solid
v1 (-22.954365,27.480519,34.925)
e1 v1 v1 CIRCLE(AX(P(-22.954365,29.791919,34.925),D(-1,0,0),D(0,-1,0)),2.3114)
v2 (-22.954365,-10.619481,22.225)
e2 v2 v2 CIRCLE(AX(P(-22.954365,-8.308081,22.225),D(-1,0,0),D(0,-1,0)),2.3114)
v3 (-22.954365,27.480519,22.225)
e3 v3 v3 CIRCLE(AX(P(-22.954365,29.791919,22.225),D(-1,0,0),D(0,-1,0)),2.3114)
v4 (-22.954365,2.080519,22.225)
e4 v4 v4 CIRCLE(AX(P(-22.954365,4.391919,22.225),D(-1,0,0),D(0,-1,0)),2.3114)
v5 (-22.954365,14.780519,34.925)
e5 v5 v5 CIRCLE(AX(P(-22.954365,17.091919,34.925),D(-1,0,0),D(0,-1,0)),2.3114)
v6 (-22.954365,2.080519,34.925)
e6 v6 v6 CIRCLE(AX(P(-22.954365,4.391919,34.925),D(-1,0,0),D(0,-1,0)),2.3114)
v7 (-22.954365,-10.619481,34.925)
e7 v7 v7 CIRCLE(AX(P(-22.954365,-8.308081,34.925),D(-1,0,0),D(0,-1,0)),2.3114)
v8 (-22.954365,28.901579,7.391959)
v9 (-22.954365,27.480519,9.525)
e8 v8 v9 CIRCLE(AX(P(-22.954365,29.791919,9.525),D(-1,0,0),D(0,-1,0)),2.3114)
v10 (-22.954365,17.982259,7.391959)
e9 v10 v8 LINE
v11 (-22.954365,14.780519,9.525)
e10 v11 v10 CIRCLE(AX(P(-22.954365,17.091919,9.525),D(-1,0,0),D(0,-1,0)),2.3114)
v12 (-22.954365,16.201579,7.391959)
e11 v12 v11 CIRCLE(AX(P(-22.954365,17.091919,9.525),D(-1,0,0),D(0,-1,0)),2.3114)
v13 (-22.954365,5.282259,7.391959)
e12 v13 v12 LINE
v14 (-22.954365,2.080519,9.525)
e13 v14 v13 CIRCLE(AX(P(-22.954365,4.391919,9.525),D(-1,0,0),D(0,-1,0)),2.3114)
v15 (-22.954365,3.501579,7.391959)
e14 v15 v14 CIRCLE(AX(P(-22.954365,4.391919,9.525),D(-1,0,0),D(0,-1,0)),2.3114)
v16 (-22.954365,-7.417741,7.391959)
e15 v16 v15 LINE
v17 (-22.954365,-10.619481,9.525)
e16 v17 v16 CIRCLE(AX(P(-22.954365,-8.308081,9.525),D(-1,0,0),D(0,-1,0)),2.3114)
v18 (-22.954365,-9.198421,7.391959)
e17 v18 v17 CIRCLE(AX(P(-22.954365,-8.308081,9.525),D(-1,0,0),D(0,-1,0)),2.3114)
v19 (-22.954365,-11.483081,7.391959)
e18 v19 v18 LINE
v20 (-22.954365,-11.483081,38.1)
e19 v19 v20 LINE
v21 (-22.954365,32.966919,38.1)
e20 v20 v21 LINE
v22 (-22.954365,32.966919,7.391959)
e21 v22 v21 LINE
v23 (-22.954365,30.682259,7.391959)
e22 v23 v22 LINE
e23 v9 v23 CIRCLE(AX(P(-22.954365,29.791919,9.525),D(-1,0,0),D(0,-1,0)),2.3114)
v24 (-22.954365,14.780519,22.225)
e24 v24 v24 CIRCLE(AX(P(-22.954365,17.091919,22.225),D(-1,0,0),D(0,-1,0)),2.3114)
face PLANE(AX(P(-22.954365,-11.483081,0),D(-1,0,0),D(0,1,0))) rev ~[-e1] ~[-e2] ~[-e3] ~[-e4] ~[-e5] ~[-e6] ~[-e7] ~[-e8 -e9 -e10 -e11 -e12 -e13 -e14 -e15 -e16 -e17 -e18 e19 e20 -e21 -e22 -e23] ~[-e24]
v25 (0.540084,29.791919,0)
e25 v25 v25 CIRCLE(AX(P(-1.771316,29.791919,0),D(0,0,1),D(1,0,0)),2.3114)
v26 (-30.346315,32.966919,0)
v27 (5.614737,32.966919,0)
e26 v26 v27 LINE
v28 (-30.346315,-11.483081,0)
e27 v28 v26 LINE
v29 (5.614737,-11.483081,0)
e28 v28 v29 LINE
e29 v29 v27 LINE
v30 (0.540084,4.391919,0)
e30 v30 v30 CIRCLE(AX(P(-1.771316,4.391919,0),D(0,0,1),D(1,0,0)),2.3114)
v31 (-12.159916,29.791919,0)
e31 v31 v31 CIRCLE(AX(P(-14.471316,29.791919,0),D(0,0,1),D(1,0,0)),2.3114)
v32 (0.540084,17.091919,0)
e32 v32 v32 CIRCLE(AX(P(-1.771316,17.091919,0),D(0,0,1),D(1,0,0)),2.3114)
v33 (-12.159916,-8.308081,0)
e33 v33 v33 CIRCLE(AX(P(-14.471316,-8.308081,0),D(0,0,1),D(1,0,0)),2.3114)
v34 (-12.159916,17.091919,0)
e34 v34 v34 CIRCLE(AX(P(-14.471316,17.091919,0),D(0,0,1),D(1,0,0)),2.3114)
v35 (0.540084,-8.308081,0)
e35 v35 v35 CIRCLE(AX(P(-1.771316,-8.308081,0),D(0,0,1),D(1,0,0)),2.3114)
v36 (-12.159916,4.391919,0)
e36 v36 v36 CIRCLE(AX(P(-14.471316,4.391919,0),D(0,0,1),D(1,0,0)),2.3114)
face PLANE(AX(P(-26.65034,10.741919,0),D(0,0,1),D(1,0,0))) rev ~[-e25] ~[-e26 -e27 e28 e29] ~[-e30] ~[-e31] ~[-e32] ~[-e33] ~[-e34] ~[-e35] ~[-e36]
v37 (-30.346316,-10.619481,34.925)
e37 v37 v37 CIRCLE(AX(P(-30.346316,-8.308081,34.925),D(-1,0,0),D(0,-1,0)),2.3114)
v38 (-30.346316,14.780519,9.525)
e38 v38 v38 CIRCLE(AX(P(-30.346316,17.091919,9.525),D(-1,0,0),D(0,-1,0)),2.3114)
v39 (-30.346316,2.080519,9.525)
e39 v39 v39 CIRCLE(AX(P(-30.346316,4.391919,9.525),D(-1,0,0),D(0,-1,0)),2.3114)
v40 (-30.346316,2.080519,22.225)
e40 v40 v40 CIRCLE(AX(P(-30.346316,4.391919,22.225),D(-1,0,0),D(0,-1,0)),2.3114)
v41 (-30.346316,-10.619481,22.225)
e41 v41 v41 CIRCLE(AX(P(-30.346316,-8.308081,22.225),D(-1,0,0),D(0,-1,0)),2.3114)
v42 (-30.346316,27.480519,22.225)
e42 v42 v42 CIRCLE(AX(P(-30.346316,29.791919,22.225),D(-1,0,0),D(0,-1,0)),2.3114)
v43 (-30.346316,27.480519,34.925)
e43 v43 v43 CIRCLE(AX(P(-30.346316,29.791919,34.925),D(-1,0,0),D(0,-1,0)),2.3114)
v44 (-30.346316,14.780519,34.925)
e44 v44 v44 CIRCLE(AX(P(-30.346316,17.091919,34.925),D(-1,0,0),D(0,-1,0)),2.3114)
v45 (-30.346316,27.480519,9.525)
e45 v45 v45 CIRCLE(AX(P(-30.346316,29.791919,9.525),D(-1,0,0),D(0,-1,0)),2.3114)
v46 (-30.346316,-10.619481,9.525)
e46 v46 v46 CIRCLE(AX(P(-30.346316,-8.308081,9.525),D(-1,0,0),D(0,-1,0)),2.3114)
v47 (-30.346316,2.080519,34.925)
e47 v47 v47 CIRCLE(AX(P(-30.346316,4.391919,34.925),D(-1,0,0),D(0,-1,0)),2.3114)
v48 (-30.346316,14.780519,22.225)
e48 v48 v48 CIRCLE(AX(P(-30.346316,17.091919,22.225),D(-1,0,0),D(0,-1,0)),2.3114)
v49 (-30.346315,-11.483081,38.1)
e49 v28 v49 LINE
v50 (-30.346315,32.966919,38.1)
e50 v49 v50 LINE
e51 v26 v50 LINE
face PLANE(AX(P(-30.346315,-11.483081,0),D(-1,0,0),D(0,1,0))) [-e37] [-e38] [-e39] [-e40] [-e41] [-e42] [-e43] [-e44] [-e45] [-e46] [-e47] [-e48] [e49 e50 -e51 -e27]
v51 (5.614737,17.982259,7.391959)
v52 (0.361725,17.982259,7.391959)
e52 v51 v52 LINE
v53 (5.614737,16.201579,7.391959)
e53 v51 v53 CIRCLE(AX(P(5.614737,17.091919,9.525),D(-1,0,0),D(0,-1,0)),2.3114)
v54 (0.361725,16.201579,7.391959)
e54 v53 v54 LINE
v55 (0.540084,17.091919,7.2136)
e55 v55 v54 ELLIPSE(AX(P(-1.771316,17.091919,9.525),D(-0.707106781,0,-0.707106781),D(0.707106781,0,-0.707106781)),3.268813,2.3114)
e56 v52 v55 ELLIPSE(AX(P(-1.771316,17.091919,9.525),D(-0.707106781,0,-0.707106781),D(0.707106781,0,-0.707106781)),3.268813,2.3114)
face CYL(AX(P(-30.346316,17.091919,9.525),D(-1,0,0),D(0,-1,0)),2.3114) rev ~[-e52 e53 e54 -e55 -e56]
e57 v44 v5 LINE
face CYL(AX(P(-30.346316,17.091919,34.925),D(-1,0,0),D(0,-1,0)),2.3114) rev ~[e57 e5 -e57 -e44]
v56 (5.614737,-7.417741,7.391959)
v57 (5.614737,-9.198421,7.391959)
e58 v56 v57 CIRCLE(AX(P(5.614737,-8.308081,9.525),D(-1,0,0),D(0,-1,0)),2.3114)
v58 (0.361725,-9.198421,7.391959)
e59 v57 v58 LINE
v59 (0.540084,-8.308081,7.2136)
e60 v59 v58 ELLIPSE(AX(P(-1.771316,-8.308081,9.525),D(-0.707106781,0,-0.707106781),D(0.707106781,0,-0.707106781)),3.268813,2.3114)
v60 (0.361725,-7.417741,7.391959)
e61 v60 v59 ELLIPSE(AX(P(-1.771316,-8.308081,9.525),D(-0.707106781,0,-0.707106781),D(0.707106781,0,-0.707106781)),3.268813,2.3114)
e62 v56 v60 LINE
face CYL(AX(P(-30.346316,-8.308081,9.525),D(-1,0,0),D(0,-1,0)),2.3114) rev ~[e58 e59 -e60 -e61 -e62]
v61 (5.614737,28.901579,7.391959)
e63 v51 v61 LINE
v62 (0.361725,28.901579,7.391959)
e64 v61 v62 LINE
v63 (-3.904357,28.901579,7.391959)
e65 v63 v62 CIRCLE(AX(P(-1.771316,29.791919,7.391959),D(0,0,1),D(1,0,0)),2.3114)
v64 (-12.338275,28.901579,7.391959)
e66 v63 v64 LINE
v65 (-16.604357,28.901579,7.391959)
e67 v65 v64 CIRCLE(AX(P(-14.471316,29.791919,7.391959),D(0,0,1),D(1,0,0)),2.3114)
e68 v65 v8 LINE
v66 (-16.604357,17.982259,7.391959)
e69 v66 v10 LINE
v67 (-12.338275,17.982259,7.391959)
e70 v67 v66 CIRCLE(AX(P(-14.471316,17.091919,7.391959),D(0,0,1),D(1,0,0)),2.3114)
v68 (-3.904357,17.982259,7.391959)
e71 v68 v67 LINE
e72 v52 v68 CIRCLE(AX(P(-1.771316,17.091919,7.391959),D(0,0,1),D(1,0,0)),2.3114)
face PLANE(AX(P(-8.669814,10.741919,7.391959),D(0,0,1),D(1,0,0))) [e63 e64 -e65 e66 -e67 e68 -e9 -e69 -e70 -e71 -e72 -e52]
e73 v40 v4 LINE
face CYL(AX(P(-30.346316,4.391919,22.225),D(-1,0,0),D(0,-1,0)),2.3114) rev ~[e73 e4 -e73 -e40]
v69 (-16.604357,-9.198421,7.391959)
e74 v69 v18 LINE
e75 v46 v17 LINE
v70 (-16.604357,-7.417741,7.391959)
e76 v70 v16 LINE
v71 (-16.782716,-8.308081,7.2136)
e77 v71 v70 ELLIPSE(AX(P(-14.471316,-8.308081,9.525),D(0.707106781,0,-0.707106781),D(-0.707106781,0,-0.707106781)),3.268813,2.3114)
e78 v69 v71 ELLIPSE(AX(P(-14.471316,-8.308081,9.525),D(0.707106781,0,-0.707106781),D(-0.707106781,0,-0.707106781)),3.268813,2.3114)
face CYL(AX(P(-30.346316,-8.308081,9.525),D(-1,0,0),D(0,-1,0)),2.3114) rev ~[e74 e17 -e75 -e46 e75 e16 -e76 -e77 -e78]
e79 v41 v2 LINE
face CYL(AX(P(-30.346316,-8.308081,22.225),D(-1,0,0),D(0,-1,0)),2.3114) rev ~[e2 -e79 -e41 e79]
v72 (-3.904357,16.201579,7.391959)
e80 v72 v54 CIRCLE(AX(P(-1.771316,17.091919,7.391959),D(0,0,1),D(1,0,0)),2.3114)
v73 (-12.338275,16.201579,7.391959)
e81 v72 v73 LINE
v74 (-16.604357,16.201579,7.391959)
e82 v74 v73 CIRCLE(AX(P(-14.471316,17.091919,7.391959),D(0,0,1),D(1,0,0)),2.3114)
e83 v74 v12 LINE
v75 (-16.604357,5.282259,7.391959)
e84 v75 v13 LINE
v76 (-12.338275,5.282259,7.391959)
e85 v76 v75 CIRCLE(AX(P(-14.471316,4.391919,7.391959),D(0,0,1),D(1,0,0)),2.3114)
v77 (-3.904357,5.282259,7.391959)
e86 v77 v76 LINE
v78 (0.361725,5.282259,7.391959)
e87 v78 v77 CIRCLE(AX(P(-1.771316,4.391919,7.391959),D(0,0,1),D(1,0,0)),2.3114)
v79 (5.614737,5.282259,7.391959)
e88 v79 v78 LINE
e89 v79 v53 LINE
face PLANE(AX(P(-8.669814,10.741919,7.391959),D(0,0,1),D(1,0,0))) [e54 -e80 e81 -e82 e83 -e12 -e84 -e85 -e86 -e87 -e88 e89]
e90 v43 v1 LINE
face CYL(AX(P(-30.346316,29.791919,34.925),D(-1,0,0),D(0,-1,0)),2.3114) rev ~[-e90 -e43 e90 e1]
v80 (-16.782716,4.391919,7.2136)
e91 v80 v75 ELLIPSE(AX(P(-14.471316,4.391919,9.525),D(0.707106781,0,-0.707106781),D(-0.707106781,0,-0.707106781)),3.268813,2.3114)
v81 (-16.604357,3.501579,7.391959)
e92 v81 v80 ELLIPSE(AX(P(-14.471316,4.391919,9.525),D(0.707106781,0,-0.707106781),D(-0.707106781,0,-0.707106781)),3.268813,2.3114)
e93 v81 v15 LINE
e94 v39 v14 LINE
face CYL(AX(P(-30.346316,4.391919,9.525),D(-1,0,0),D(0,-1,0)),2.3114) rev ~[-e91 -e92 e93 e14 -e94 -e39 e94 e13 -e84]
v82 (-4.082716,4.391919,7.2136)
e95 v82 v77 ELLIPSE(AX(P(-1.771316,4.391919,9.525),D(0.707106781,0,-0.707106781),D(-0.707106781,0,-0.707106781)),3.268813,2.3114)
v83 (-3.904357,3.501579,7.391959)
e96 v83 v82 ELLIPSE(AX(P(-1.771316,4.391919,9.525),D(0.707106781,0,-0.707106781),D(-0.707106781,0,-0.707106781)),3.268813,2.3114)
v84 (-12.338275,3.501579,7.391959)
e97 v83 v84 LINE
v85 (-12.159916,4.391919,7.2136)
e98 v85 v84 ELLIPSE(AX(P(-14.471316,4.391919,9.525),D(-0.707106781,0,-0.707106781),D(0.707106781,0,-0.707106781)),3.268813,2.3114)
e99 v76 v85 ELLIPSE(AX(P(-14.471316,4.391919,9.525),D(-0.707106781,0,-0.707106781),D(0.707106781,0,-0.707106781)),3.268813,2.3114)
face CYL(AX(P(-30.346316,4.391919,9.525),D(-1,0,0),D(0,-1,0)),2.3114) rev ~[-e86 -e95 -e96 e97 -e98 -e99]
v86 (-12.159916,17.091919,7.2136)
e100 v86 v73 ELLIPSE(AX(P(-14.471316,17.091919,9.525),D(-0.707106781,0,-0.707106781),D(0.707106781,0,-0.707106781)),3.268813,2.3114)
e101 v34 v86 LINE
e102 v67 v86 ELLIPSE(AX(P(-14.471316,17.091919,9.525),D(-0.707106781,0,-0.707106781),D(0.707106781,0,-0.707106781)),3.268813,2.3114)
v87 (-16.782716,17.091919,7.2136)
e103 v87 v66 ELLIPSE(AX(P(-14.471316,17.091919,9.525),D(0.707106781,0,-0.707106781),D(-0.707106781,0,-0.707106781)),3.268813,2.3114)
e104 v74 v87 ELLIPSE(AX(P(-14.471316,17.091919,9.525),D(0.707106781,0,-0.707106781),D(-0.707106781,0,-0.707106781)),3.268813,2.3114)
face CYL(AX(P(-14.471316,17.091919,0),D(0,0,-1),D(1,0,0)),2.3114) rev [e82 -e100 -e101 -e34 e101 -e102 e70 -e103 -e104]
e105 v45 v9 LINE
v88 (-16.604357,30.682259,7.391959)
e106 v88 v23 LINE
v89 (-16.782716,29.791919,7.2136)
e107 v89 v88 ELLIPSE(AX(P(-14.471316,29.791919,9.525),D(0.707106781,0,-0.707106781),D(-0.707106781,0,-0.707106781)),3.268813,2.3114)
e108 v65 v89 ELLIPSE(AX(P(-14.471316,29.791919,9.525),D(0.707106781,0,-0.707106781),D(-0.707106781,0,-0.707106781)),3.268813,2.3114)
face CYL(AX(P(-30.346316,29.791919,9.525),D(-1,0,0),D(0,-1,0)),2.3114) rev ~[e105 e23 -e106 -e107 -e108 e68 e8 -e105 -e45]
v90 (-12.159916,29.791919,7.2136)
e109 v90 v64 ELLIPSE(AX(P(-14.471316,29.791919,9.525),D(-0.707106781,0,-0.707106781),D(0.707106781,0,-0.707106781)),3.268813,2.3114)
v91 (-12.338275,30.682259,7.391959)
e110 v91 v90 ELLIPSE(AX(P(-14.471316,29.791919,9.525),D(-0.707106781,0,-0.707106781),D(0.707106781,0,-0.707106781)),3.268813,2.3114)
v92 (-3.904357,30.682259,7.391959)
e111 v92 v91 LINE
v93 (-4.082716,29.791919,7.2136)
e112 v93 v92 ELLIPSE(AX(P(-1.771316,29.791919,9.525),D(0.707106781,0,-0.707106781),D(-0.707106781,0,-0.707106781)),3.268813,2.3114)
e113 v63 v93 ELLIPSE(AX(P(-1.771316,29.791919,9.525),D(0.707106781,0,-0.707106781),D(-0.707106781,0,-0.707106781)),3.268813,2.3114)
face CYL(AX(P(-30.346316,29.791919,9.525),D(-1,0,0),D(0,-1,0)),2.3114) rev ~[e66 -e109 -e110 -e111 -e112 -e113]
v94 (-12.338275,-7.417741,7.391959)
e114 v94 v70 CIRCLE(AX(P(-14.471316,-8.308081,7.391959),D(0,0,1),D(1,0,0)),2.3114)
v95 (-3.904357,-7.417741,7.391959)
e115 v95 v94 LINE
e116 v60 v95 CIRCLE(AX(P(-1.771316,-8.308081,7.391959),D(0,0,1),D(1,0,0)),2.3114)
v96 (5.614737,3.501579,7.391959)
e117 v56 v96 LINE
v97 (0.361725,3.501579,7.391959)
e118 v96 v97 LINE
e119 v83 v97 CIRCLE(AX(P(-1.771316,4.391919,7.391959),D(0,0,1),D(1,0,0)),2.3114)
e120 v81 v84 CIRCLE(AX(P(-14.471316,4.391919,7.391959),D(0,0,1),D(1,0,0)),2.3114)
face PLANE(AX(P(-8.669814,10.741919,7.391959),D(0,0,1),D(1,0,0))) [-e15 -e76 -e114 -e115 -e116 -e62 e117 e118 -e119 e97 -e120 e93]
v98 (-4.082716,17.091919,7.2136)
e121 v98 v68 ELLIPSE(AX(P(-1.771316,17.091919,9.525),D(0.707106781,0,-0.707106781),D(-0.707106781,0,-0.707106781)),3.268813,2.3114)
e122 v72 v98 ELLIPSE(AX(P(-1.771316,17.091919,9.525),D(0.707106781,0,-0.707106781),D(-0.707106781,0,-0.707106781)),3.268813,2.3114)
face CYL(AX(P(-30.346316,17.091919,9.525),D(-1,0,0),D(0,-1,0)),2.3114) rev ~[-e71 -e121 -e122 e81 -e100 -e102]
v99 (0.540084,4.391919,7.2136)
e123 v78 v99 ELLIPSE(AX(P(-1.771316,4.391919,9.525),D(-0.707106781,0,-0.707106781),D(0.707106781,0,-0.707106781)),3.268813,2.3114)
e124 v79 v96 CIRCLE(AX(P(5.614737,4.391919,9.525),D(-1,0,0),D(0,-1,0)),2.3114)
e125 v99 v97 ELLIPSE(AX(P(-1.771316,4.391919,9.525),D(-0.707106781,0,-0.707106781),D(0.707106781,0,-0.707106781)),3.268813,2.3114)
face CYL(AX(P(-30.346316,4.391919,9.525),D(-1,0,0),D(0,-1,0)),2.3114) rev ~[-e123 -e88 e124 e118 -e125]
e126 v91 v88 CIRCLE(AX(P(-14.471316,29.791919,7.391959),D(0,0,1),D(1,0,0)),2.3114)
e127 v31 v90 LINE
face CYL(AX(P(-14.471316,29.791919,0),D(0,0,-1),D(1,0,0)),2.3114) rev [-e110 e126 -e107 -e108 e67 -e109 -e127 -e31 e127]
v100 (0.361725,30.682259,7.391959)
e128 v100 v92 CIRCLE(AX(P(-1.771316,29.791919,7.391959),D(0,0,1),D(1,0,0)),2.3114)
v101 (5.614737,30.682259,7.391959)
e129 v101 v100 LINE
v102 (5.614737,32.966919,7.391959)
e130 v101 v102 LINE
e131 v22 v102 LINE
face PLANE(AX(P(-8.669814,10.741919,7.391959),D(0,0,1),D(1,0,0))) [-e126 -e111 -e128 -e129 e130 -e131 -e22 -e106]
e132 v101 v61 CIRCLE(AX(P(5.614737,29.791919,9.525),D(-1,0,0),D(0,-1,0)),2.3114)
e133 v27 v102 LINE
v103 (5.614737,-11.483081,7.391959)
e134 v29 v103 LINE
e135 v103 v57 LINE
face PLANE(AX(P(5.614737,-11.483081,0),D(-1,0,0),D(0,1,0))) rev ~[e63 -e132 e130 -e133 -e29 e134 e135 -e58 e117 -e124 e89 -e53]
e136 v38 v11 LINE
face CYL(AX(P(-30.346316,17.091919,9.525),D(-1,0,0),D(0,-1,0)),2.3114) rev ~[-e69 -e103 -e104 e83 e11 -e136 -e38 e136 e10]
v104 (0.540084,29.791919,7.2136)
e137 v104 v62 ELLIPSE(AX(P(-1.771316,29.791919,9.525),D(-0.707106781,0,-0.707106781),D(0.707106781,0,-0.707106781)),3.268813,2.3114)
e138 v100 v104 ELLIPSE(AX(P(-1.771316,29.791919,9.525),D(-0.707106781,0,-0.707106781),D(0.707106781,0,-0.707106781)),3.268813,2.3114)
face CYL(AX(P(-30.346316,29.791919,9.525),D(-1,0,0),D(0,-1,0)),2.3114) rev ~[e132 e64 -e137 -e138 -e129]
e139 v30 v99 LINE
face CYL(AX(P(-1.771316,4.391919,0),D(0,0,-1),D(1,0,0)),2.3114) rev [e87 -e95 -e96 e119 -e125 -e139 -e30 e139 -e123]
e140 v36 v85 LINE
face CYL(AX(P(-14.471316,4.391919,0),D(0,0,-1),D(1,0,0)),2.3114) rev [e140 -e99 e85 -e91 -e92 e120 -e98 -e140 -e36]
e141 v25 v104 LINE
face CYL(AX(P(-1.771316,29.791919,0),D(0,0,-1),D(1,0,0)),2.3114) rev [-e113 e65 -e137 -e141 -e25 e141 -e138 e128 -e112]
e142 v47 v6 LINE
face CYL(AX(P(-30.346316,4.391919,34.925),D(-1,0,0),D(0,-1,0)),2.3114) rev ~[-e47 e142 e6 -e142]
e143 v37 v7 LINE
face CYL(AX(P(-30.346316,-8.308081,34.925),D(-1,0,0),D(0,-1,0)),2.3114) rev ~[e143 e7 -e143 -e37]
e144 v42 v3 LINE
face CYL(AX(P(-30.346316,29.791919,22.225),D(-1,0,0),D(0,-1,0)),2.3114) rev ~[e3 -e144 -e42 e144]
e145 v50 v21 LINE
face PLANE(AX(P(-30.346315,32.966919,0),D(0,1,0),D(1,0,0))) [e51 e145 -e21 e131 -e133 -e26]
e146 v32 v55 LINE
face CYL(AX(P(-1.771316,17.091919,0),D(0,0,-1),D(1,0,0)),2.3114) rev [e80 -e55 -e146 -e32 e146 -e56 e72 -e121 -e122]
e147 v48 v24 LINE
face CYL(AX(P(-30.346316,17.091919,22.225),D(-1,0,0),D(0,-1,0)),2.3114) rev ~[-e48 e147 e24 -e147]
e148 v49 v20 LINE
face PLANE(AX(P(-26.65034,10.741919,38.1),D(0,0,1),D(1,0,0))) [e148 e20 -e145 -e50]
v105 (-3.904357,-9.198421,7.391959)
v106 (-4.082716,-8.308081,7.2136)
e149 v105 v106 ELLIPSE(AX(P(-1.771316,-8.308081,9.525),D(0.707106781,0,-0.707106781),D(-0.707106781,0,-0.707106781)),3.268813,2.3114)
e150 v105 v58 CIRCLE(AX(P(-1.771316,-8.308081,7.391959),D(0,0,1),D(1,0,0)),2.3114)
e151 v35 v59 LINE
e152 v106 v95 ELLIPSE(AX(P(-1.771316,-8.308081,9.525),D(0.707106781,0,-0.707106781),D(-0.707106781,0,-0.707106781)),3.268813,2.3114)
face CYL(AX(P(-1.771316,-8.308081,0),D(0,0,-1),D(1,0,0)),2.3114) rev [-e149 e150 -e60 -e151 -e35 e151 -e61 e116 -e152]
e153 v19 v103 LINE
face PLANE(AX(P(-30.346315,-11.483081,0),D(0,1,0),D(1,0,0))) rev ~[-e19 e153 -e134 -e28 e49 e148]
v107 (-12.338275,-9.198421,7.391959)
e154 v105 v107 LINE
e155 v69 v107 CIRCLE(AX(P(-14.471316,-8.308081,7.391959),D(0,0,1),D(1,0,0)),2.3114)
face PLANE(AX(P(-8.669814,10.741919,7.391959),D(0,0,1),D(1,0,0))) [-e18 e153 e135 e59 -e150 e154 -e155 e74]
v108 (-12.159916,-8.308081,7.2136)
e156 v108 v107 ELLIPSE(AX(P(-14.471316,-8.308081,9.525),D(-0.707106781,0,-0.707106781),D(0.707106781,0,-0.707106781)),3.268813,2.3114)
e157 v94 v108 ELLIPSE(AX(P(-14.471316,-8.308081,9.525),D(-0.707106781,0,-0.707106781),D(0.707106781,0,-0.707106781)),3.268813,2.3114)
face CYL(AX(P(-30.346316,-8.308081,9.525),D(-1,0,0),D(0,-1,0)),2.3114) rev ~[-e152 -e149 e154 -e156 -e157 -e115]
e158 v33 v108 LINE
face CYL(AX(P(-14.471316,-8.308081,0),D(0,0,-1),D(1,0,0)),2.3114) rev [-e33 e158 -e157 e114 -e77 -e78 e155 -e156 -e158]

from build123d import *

# Parameters (mm, degrees)
F0_W     = 7.391951
F0_H     = 44.45
F1_DEPTH = 38.1
F0_W_2   = 28.569102
F0_R     = 2.3114
F2_DEPTH = 7.391959
F3_R     = 2.3114
F4_DEPTH = 50.8


with BuildPart() as f1:
    # F0 (on Top) → F1 (new body)
    with BuildSketch(Plane.XY):
        with Locations((-26.65034, 10.741919)):
            Rectangle(F0_W, F0_H)
    extrude(amount=F1_DEPTH)

    # F0 (on Top) → F2 (join)
    with BuildSketch(Plane.XY):
        with Locations((-8.669814, 10.741919)):
            Rectangle(F0_W_2, F0_H)
        with Locations((-14.471316, -8.308081)):
            Circle(F0_R, mode=Mode.SUBTRACT)
        with Locations((-14.471316, 4.391919)):
            Circle(F0_R, mode=Mode.SUBTRACT)
        with Locations((-1.771316, -8.308081)):
            Circle(F0_R, mode=Mode.SUBTRACT)
        with Locations((-1.771316, 4.391919)):
            Circle(F0_R, mode=Mode.SUBTRACT)
        with Locations((-14.471316, 17.091919)):
            Circle(F0_R, mode=Mode.SUBTRACT)
        with Locations((-14.471316, 29.791919)):
            Circle(F0_R, mode=Mode.SUBTRACT)
        with Locations((-1.771316, 17.091919)):
            Circle(F0_R, mode=Mode.SUBTRACT)
        with Locations((-1.771316, 29.791919)):
            Circle(F0_R, mode=Mode.SUBTRACT)
    extrude(amount=F2_DEPTH)

    # F3 (on face) → F4 (cut)
    with BuildSketch(Plane(origin=(-30.346316, 0, 0), x_dir=(0, -1, 0), z_dir=(-1, 0, 0))):
        with Locations((8.308081, 34.925)):
            Circle(F3_R)
        with Locations((-4.391919, 34.925)):
            Circle(F3_R)
        with Locations((-17.091919, 34.925)):
            Circle(F3_R)
        with Locations((-29.791919, 34.925)):
            Circle(F3_R)
        with Locations((-29.791919, 22.225)):
            Circle(F3_R)
        with Locations((-17.091919, 22.225)):
            Circle(F3_R)
        with Locations((-4.391919, 22.225)):
            Circle(F3_R)
        with Locations((8.308081, 22.225)):
            Circle(F3_R)
        with Locations((8.308081, 9.525)):
            Circle(F3_R)
        with Locations((-4.391919, 9.525)):
            Circle(F3_R)
        with Locations((-17.091919, 9.525)):
            Circle(F3_R)
        with Locations((-29.791919, 9.525)):
            Circle(F3_R)
    extrude(amount=-F4_DEPTH, mode=Mode.SUBTRACT)


solid = f1.part
